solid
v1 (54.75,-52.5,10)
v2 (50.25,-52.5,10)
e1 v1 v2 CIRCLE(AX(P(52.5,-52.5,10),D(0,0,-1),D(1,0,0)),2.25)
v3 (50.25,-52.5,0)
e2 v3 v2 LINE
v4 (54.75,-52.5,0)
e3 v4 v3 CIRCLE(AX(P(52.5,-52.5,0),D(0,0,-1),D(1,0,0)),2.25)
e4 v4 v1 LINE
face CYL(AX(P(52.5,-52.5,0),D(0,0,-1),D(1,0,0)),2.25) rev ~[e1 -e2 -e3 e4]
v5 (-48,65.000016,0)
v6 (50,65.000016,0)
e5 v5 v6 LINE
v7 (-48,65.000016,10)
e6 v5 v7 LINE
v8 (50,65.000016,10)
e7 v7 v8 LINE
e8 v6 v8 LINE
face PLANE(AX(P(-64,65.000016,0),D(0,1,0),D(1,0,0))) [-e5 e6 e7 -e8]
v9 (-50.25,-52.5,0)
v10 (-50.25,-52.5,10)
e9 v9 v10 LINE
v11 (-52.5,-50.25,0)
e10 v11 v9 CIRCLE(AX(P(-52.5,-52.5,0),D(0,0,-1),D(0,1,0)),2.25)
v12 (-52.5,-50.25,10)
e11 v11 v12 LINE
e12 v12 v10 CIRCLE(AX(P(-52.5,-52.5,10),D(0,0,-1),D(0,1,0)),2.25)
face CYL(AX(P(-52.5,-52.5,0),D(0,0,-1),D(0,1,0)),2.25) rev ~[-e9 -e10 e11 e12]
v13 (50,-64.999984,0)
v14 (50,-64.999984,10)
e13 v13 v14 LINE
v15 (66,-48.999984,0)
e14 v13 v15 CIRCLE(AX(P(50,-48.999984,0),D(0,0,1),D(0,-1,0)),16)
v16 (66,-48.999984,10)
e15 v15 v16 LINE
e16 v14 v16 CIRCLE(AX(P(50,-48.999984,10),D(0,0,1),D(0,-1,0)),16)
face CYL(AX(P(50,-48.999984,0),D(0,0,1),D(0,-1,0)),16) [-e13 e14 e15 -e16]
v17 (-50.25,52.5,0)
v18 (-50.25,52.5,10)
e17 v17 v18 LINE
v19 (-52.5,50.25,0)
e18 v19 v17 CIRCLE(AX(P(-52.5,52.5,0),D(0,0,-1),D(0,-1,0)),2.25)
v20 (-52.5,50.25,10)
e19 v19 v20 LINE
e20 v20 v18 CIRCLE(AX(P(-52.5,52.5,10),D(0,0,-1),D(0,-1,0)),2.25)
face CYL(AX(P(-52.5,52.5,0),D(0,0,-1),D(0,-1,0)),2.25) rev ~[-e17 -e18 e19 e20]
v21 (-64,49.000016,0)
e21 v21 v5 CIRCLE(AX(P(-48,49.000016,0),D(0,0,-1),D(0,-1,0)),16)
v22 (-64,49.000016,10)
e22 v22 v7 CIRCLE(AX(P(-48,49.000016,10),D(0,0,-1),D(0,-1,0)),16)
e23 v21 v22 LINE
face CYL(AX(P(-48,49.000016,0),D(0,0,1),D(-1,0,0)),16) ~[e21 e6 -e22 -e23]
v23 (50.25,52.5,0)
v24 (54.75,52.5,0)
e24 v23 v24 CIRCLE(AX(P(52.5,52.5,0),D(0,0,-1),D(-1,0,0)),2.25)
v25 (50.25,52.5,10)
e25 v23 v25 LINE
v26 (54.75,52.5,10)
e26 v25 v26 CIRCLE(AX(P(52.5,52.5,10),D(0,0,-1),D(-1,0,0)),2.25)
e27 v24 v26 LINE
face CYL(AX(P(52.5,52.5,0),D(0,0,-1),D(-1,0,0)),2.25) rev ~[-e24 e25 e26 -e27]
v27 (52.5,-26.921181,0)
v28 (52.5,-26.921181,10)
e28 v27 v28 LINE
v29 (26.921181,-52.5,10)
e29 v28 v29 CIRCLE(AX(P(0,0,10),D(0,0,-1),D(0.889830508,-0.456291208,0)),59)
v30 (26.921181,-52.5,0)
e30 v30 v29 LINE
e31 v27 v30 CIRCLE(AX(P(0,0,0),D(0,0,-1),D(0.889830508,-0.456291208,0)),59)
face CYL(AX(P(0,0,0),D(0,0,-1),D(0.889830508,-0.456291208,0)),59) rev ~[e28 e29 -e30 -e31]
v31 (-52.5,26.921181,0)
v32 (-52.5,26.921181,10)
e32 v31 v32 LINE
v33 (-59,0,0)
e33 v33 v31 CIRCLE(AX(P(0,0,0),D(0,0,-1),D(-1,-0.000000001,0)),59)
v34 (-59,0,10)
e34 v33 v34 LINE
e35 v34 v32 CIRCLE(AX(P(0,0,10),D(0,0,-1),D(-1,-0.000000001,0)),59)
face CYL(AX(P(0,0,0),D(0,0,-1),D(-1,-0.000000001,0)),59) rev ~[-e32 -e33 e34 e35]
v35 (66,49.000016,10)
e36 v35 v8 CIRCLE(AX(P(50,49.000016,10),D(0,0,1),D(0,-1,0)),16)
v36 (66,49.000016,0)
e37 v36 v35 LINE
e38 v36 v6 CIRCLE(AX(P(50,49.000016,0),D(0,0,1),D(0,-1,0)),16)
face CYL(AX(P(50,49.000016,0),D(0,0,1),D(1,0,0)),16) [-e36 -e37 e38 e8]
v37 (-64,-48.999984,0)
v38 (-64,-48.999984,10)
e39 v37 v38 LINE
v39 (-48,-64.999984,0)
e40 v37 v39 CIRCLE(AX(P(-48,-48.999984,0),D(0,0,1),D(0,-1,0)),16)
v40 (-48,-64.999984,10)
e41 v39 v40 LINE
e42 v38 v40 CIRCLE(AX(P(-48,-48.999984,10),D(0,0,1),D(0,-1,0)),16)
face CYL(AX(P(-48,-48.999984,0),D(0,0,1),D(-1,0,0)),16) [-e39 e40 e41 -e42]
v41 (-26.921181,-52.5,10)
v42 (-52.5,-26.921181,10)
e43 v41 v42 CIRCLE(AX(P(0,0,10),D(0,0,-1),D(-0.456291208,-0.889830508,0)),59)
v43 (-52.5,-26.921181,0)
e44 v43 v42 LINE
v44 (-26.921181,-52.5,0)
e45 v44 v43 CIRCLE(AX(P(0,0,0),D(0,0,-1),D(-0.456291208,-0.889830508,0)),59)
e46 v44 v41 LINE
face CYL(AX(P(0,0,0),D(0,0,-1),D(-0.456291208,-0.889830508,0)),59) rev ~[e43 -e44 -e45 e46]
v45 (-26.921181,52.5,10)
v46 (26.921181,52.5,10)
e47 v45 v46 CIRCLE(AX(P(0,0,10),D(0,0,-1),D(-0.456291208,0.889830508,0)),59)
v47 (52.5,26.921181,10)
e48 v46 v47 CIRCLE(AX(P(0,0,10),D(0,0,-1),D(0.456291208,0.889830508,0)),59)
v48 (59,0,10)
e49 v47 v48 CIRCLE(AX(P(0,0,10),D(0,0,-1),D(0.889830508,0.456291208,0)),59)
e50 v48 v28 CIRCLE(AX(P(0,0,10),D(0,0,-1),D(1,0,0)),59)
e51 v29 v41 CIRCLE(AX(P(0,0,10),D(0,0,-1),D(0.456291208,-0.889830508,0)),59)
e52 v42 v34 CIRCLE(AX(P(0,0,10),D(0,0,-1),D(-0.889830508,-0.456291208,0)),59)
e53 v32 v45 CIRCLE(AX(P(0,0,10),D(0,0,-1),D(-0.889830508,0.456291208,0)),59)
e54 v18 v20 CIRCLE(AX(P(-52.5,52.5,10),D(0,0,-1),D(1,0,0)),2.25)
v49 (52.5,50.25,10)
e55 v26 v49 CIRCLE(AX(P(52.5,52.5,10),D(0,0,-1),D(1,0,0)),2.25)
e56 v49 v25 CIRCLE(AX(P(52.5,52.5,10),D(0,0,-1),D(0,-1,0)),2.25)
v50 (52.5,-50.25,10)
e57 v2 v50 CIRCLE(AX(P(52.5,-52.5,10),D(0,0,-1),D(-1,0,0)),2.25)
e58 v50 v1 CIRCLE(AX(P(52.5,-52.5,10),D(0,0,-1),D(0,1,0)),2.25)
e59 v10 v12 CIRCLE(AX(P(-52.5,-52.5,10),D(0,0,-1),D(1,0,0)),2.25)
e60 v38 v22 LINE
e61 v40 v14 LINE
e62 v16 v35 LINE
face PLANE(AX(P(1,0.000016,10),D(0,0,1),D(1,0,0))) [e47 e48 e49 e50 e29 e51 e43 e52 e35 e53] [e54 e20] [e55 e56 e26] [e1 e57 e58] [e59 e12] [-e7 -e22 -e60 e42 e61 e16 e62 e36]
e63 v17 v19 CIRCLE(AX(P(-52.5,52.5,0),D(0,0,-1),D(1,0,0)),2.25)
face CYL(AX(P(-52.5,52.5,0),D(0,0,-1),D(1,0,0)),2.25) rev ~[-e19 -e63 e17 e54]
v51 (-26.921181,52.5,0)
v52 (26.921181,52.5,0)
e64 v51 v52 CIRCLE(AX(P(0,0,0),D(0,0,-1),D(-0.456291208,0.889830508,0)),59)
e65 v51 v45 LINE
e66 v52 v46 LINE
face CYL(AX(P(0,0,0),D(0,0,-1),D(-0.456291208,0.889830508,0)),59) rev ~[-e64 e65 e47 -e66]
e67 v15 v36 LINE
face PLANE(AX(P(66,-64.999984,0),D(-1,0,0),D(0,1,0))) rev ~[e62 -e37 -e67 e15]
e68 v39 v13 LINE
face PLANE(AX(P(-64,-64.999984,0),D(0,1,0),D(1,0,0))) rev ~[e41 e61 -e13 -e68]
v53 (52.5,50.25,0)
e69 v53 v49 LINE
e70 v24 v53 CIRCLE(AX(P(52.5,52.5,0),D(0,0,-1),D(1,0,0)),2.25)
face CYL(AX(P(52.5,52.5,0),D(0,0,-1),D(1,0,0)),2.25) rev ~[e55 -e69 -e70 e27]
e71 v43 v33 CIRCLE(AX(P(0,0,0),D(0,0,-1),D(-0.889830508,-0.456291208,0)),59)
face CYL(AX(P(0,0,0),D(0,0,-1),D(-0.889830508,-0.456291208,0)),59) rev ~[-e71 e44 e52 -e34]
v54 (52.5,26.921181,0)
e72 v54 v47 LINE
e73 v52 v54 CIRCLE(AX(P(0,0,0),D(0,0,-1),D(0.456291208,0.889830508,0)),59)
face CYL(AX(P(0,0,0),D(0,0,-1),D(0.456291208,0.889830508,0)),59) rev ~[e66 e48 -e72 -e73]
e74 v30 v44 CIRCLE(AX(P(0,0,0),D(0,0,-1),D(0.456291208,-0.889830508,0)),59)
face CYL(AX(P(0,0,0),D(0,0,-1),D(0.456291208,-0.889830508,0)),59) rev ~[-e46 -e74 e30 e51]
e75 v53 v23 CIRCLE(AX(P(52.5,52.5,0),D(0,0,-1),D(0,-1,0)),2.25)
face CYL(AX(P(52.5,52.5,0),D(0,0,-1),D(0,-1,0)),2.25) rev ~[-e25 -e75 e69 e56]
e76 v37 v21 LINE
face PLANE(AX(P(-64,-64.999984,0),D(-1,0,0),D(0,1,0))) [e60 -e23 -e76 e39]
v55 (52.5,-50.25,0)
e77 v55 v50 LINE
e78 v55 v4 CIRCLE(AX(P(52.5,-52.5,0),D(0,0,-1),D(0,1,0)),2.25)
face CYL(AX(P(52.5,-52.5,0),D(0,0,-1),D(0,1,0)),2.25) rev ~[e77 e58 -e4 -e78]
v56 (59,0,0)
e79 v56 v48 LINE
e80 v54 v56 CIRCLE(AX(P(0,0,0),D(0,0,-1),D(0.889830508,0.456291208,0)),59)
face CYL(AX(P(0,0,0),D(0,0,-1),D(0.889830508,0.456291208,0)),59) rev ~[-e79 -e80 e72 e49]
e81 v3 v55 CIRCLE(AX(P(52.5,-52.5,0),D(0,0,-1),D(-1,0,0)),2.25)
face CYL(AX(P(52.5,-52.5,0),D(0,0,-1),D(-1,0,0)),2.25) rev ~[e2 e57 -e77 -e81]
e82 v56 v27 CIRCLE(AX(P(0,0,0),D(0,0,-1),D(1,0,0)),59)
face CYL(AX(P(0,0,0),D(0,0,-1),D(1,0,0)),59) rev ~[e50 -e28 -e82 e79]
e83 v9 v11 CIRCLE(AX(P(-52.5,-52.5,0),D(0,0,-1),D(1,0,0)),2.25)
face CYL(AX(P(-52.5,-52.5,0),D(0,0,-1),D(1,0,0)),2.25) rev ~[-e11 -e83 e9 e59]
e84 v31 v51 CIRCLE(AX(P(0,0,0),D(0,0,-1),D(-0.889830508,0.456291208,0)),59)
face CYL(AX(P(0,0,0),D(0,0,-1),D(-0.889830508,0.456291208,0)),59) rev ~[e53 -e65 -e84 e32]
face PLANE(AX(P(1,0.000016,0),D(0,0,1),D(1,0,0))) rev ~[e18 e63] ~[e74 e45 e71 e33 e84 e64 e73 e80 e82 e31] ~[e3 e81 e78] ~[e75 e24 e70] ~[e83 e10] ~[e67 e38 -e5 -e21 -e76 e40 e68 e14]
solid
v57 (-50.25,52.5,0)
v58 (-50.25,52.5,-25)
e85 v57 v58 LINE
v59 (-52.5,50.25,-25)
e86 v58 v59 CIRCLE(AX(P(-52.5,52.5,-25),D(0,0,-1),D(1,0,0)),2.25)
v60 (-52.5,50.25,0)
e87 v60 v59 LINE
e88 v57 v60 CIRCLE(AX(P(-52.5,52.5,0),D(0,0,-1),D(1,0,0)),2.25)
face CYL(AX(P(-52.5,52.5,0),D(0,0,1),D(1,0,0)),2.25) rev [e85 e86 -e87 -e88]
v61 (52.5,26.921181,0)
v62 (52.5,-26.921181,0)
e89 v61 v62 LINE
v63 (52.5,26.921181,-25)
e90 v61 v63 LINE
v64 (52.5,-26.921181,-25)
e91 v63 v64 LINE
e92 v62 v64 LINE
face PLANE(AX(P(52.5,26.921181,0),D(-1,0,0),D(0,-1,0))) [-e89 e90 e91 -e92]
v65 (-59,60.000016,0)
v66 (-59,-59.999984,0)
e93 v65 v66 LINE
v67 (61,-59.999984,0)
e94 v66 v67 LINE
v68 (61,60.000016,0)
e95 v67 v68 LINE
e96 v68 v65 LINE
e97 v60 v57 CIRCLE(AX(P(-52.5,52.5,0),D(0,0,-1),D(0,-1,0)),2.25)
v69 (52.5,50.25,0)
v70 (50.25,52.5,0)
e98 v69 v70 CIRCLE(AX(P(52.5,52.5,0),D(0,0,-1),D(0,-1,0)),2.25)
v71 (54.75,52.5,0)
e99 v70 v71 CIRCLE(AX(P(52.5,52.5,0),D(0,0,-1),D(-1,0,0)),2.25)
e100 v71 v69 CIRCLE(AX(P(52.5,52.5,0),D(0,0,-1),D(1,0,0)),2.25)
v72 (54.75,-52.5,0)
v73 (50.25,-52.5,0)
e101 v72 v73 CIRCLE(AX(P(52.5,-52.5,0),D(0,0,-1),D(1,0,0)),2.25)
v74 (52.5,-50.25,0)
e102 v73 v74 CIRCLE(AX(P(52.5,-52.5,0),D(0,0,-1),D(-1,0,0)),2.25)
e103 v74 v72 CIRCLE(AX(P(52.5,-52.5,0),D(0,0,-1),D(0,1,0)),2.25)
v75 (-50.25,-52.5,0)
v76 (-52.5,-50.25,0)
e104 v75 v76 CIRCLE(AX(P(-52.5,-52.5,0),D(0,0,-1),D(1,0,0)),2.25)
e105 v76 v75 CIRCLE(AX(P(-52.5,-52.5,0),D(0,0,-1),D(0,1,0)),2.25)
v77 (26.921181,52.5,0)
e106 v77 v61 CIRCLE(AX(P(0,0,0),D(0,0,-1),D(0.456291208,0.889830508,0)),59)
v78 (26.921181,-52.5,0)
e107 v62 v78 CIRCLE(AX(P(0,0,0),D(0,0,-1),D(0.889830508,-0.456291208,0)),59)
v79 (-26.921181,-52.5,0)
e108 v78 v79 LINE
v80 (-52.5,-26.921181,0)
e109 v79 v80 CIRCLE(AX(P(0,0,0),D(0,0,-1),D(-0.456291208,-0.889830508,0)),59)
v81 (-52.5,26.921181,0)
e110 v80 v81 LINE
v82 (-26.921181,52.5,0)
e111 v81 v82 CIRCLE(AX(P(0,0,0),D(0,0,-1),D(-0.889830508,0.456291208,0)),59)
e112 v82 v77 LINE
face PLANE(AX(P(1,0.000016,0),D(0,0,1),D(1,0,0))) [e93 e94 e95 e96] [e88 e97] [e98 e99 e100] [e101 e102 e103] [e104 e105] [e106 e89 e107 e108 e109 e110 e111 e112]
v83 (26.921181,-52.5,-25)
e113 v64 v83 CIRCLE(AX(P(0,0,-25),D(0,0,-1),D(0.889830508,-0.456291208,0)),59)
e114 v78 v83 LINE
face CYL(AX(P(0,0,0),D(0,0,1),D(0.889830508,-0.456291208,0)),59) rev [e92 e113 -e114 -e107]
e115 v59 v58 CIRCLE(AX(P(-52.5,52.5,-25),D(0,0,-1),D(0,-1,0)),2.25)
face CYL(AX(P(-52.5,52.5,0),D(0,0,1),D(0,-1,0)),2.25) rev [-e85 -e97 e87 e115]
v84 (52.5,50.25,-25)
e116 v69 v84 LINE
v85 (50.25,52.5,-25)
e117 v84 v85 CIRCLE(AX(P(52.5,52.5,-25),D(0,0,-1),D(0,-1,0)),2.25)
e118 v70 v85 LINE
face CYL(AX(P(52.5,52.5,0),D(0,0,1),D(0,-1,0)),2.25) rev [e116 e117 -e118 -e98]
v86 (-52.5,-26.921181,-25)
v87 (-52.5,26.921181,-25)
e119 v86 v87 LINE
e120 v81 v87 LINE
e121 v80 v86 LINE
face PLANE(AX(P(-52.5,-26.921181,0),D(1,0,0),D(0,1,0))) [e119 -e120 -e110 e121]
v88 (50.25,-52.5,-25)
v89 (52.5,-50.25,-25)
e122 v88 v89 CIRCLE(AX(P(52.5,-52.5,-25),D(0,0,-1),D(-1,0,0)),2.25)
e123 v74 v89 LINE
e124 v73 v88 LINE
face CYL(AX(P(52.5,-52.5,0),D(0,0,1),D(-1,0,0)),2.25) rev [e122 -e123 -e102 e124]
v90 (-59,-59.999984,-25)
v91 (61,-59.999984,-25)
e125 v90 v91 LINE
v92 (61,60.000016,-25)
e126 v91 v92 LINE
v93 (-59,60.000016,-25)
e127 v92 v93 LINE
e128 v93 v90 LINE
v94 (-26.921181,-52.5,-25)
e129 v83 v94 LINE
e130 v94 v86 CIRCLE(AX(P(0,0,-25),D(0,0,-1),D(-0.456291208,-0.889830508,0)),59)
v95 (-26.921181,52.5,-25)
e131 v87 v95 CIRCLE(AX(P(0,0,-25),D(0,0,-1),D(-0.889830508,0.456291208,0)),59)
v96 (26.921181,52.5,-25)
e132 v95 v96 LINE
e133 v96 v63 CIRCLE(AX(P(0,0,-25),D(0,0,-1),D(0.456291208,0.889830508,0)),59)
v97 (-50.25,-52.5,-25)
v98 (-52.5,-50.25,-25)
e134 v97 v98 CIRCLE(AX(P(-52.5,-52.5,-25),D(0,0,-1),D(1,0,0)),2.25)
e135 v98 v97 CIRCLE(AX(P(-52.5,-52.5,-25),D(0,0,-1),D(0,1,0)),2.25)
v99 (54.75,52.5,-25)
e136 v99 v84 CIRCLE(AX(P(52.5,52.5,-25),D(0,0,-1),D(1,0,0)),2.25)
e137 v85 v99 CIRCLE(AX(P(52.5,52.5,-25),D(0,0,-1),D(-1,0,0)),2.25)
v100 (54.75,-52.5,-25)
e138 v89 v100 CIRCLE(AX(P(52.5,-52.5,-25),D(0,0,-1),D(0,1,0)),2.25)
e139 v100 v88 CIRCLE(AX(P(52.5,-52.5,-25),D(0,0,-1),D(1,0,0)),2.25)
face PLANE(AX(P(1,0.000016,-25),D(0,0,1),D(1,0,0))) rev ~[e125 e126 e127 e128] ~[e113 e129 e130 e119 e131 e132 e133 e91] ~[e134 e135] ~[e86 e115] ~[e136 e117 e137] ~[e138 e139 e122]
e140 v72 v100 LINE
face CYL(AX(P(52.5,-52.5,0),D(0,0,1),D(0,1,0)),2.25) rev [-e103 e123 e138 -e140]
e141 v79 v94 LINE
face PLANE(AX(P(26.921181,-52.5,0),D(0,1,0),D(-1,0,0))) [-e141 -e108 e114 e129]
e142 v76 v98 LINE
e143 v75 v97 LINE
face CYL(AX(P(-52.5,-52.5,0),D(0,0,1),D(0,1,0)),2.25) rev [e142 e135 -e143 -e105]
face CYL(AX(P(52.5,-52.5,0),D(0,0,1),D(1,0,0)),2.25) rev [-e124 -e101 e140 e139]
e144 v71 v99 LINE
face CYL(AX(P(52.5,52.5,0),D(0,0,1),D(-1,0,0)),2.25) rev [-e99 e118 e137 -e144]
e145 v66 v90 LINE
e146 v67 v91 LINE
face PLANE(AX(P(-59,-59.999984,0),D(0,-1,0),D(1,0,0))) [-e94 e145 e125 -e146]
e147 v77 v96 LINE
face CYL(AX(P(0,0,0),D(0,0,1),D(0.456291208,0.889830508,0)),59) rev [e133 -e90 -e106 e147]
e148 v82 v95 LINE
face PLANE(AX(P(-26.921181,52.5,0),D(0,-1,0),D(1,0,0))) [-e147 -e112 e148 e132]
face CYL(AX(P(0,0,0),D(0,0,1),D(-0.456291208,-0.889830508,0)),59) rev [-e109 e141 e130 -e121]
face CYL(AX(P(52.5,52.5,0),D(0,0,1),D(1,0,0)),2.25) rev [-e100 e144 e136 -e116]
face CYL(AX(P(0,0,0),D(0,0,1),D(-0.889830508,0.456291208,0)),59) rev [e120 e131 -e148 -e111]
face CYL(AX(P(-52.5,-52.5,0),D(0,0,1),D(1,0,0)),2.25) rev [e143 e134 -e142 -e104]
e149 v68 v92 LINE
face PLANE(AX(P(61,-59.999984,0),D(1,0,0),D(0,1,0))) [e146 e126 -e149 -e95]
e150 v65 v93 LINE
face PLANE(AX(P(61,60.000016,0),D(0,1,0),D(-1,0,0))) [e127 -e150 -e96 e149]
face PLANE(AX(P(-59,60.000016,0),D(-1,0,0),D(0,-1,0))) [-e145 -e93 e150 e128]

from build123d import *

# Parameters (mm, degrees)
F1_DEPTH = 25
F0_W     = 130
F0_H     = 130
F2_DEPTH = 10
F3_R     = 16


with BuildPart() as f1:
    # F0 (on Top) → F1 (new body)
    with BuildSketch(Plane.XY):
        Polygon((-59, -4.01e-08), (-59, -59.9999837577), (61, -59.9999837577), (61, 60.0000162423), (-59, 60.0000162423), align=None)
        with BuildLine():
            ThreePointArc((-52.5, -26.9211812519), (-57.351983396, -13.8473824436), (-59, -4.01e-08))
            ThreePointArc((-59, -4.01e-08), (-57.3519834055, 13.8473824047), (-52.5, 26.9211812519))
            Line((-52.5, 26.9211812519), (-52.5, 50.25))
            ThreePointArc((-52.5, 50.25), (-54.0909902577, 54.0909902577), (-50.25, 52.5))
            Line((-50.25, 52.5), (-26.9211812519, 52.5))
            ThreePointArc((-26.9211812519, 52.5), (0, 59), (26.9211812519, 52.5))
            Line((26.9211812519, 52.5), (50.25, 52.5))
            ThreePointArc((50.25, 52.5), (52.5, 54.75), (54.75, 52.5))
            ThreePointArc((54.75, 52.5), (54.0909902577, 50.9090097423), (52.5, 50.25))
            Line((52.5, 50.25), (52.5, 26.9211812519))
            ThreePointArc((52.5, 26.9211812519), (57.3519834008, 13.8473824241), (59, 0))
            ThreePointArc((59, 0), (57.3519834008, -13.8473824241), (52.5, -26.9211812519))
            Line((52.5, -26.9211812519), (52.5, -50.25))
            ThreePointArc((52.5, -50.25), (54.0909902577, -50.9090097423), (54.75, -52.5))
            ThreePointArc((54.75, -52.5), (52.5, -54.75), (50.25, -52.5))
            Line((50.25, -52.5), (26.9211812519, -52.5))
            ThreePointArc((26.9211812519, -52.5), (0, -59), (-26.9211812519, -52.5))
            Line((-26.9211812519, -52.5), (-50.25, -52.5))
            ThreePointArc((-50.25, -52.5), (-54.0909902577, -54.0909902577), (-52.5, -50.25))
            Line((-52.5, -50.25), (-52.5, -26.9211812519))
        make_face(mode=Mode.SUBTRACT)
        with BuildLine():
            Line((-52.5, 50.25), (-52.5, 26.9211812519))
            ThreePointArc((-52.5, 26.9211812519), (-41.71930009, 41.71930009), (-26.9211812519, 52.5))
            Line((-26.9211812519, 52.5), (-50.25, 52.5))
            ThreePointArc((-50.25, 52.5), (-50.9090097423, 50.9090097423), (-52.5, 50.25))
        make_face()
        with BuildLine():
            ThreePointArc((-26.9211812519, -52.5), (-41.71930009, -41.71930009), (-52.5, -26.9211812519))
            Line((-52.5, -26.9211812519), (-52.5, -50.25))
            ThreePointArc((-52.5, -50.25), (-50.9090097423, -50.9090097423), (-50.25, -52.5))
            Line((-50.25, -52.5), (-26.9211812519, -52.5))
        make_face()
        with BuildLine():
            Line((50.25, 52.5), (26.9211812519, 52.5))
            ThreePointArc((26.9211812519, 52.5), (41.71930009, 41.71930009), (52.5, 26.9211812519))
            Line((52.5, 26.9211812519), (52.5, 50.25))
            ThreePointArc((52.5, 50.25), (50.9090097423, 50.9090097423), (50.25, 52.5))
        make_face()
        with BuildLine():
            ThreePointArc((52.5, -26.9211812519), (41.71930009, -41.71930009), (26.9211812519, -52.5))
            Line((26.9211812519, -52.5), (50.25, -52.5))
            ThreePointArc((50.25, -52.5), (50.9090097423, -50.9090097423), (52.5, -50.25))
            Line((52.5, -50.25), (52.5, -26.9211812519))
        make_face()
        with BuildLine():
            Line((26.9211812519, -52.5), (-26.9211812519, -52.5))
            ThreePointArc((-26.9211812519, -52.5), (0, -59), (26.9211812519, -52.5))
        make_face()
        with BuildLine():
            ThreePointArc((26.9211812519, 52.5), (0, 59), (-26.9211812519, 52.5))
            Line((-26.9211812519, 52.5), (26.9211812519, 52.5))
        make_face()
        with BuildLine():
            ThreePointArc((59, 0), (57.3519834008, 13.8473824241), (52.5, 26.9211812519))
            Line((52.5, 26.9211812519), (52.5, -26.9211812519))
            ThreePointArc((52.5, -26.9211812519), (57.3519834008, -13.8473824241), (59, 0))
        make_face()
        with BuildLine():
            ThreePointArc((-52.5, 26.9211812519), (-57.3519834055, 13.8473824047), (-59, -4.01e-08))
            ThreePointArc((-59, -4.01e-08), (-57.351983396, -13.8473824436), (-52.5, -26.9211812519))
            Line((-52.5, -26.9211812519), (-52.5, 26.9211812519))
        make_face()
    extrude(amount=-F1_DEPTH)


with BuildPart() as f2:
    # F0 (on Top) → F2 (new body)
    with BuildSketch(Plane.XY):
        with Locations((1, 1.62423e-05)):
            Rectangle(F0_W, F0_H)
        Polygon((61, -59.9999837577), (-59, -59.9999837577), (-59, -4.01e-08), (-59, 60.0000162423), (61, 60.0000162423), align=None, mode=Mode.SUBTRACT)
        Polygon((-59, -4.01e-08), (-59, -59.9999837577), (61, -59.9999837577), (61, 60.0000162423), (-59, 60.0000162423), align=None)
        with BuildLine():
            ThreePointArc((-52.5, -26.9211812519), (-57.351983396, -13.8473824436), (-59, -4.01e-08))
            ThreePointArc((-59, -4.01e-08), (-57.3519834055, 13.8473824047), (-52.5, 26.9211812519))
            Line((-52.5, 26.9211812519), (-52.5, 50.25))
            ThreePointArc((-52.5, 50.25), (-54.0909902577, 54.0909902577), (-50.25, 52.5))
            Line((-50.25, 52.5), (-26.9211812519, 52.5))
            ThreePointArc((-26.9211812519, 52.5), (0, 59), (26.9211812519, 52.5))
            Line((26.9211812519, 52.5), (50.25, 52.5))
            ThreePointArc((50.25, 52.5), (52.5, 54.75), (54.75, 52.5))
            ThreePointArc((54.75, 52.5), (54.0909902577, 50.9090097423), (52.5, 50.25))
            Line((52.5, 50.25), (52.5, 26.9211812519))
            ThreePointArc((52.5, 26.9211812519), (57.3519834008, 13.8473824241), (59, 0))
            ThreePointArc((59, 0), (57.3519834008, -13.8473824241), (52.5, -26.9211812519))
            Line((52.5, -26.9211812519), (52.5, -50.25))
            ThreePointArc((52.5, -50.25), (54.0909902577, -50.9090097423), (54.75, -52.5))
            ThreePointArc((54.75, -52.5), (52.5, -54.75), (50.25, -52.5))
            Line((50.25, -52.5), (26.9211812519, -52.5))
            ThreePointArc((26.9211812519, -52.5), (0, -59), (-26.9211812519, -52.5))
            Line((-26.9211812519, -52.5), (-50.25, -52.5))
            ThreePointArc((-50.25, -52.5), (-54.0909902577, -54.0909902577), (-52.5, -50.25))
            Line((-52.5, -50.25), (-52.5, -26.9211812519))
        make_face(mode=Mode.SUBTRACT)
        with BuildLine():
            Line((-52.5, 50.25), (-52.5, 26.9211812519))
            ThreePointArc((-52.5, 26.9211812519), (-41.71930009, 41.71930009), (-26.9211812519, 52.5))
            Line((-26.9211812519, 52.5), (-50.25, 52.5))
            ThreePointArc((-50.25, 52.5), (-50.9090097423, 50.9090097423), (-52.5, 50.25))
        make_face()
        with BuildLine():
            Line((50.25, 52.5), (26.9211812519, 52.5))
            ThreePointArc((26.9211812519, 52.5), (41.71930009, 41.71930009), (52.5, 26.9211812519))
            Line((52.5, 26.9211812519), (52.5, 50.25))
            ThreePointArc((52.5, 50.25), (50.9090097423, 50.9090097423), (50.25, 52.5))
        make_face()
        with BuildLine():
            ThreePointArc((52.5, -26.9211812519), (41.71930009, -41.71930009), (26.9211812519, -52.5))
            Line((26.9211812519, -52.5), (50.25, -52.5))
            ThreePointArc((50.25, -52.5), (50.9090097423, -50.9090097423), (52.5, -50.25))
            Line((52.5, -50.25), (52.5, -26.9211812519))
        make_face()
        with BuildLine():
            ThreePointArc((-26.9211812519, -52.5), (-41.71930009, -41.71930009), (-52.5, -26.9211812519))
            Line((-52.5, -26.9211812519), (-52.5, -50.25))
            ThreePointArc((-52.5, -50.25), (-50.9090097423, -50.9090097423), (-50.25, -52.5))
            Line((-50.25, -52.5), (-26.9211812519, -52.5))
        make_face()
    extrude(amount=F2_DEPTH)

    # F3
    f3_edges = [f2.edges().sort_by_distance(p)[0] for p in [
        (-64, 65.000016, 5),
        (-64, -64.999984, 5),
        (66, -64.999984, 5),
        (66, 65.000016, 5),
    ]]
    fillet(f3_edges, radius=F3_R)


solid = Compound([f1.part, f2.part])
